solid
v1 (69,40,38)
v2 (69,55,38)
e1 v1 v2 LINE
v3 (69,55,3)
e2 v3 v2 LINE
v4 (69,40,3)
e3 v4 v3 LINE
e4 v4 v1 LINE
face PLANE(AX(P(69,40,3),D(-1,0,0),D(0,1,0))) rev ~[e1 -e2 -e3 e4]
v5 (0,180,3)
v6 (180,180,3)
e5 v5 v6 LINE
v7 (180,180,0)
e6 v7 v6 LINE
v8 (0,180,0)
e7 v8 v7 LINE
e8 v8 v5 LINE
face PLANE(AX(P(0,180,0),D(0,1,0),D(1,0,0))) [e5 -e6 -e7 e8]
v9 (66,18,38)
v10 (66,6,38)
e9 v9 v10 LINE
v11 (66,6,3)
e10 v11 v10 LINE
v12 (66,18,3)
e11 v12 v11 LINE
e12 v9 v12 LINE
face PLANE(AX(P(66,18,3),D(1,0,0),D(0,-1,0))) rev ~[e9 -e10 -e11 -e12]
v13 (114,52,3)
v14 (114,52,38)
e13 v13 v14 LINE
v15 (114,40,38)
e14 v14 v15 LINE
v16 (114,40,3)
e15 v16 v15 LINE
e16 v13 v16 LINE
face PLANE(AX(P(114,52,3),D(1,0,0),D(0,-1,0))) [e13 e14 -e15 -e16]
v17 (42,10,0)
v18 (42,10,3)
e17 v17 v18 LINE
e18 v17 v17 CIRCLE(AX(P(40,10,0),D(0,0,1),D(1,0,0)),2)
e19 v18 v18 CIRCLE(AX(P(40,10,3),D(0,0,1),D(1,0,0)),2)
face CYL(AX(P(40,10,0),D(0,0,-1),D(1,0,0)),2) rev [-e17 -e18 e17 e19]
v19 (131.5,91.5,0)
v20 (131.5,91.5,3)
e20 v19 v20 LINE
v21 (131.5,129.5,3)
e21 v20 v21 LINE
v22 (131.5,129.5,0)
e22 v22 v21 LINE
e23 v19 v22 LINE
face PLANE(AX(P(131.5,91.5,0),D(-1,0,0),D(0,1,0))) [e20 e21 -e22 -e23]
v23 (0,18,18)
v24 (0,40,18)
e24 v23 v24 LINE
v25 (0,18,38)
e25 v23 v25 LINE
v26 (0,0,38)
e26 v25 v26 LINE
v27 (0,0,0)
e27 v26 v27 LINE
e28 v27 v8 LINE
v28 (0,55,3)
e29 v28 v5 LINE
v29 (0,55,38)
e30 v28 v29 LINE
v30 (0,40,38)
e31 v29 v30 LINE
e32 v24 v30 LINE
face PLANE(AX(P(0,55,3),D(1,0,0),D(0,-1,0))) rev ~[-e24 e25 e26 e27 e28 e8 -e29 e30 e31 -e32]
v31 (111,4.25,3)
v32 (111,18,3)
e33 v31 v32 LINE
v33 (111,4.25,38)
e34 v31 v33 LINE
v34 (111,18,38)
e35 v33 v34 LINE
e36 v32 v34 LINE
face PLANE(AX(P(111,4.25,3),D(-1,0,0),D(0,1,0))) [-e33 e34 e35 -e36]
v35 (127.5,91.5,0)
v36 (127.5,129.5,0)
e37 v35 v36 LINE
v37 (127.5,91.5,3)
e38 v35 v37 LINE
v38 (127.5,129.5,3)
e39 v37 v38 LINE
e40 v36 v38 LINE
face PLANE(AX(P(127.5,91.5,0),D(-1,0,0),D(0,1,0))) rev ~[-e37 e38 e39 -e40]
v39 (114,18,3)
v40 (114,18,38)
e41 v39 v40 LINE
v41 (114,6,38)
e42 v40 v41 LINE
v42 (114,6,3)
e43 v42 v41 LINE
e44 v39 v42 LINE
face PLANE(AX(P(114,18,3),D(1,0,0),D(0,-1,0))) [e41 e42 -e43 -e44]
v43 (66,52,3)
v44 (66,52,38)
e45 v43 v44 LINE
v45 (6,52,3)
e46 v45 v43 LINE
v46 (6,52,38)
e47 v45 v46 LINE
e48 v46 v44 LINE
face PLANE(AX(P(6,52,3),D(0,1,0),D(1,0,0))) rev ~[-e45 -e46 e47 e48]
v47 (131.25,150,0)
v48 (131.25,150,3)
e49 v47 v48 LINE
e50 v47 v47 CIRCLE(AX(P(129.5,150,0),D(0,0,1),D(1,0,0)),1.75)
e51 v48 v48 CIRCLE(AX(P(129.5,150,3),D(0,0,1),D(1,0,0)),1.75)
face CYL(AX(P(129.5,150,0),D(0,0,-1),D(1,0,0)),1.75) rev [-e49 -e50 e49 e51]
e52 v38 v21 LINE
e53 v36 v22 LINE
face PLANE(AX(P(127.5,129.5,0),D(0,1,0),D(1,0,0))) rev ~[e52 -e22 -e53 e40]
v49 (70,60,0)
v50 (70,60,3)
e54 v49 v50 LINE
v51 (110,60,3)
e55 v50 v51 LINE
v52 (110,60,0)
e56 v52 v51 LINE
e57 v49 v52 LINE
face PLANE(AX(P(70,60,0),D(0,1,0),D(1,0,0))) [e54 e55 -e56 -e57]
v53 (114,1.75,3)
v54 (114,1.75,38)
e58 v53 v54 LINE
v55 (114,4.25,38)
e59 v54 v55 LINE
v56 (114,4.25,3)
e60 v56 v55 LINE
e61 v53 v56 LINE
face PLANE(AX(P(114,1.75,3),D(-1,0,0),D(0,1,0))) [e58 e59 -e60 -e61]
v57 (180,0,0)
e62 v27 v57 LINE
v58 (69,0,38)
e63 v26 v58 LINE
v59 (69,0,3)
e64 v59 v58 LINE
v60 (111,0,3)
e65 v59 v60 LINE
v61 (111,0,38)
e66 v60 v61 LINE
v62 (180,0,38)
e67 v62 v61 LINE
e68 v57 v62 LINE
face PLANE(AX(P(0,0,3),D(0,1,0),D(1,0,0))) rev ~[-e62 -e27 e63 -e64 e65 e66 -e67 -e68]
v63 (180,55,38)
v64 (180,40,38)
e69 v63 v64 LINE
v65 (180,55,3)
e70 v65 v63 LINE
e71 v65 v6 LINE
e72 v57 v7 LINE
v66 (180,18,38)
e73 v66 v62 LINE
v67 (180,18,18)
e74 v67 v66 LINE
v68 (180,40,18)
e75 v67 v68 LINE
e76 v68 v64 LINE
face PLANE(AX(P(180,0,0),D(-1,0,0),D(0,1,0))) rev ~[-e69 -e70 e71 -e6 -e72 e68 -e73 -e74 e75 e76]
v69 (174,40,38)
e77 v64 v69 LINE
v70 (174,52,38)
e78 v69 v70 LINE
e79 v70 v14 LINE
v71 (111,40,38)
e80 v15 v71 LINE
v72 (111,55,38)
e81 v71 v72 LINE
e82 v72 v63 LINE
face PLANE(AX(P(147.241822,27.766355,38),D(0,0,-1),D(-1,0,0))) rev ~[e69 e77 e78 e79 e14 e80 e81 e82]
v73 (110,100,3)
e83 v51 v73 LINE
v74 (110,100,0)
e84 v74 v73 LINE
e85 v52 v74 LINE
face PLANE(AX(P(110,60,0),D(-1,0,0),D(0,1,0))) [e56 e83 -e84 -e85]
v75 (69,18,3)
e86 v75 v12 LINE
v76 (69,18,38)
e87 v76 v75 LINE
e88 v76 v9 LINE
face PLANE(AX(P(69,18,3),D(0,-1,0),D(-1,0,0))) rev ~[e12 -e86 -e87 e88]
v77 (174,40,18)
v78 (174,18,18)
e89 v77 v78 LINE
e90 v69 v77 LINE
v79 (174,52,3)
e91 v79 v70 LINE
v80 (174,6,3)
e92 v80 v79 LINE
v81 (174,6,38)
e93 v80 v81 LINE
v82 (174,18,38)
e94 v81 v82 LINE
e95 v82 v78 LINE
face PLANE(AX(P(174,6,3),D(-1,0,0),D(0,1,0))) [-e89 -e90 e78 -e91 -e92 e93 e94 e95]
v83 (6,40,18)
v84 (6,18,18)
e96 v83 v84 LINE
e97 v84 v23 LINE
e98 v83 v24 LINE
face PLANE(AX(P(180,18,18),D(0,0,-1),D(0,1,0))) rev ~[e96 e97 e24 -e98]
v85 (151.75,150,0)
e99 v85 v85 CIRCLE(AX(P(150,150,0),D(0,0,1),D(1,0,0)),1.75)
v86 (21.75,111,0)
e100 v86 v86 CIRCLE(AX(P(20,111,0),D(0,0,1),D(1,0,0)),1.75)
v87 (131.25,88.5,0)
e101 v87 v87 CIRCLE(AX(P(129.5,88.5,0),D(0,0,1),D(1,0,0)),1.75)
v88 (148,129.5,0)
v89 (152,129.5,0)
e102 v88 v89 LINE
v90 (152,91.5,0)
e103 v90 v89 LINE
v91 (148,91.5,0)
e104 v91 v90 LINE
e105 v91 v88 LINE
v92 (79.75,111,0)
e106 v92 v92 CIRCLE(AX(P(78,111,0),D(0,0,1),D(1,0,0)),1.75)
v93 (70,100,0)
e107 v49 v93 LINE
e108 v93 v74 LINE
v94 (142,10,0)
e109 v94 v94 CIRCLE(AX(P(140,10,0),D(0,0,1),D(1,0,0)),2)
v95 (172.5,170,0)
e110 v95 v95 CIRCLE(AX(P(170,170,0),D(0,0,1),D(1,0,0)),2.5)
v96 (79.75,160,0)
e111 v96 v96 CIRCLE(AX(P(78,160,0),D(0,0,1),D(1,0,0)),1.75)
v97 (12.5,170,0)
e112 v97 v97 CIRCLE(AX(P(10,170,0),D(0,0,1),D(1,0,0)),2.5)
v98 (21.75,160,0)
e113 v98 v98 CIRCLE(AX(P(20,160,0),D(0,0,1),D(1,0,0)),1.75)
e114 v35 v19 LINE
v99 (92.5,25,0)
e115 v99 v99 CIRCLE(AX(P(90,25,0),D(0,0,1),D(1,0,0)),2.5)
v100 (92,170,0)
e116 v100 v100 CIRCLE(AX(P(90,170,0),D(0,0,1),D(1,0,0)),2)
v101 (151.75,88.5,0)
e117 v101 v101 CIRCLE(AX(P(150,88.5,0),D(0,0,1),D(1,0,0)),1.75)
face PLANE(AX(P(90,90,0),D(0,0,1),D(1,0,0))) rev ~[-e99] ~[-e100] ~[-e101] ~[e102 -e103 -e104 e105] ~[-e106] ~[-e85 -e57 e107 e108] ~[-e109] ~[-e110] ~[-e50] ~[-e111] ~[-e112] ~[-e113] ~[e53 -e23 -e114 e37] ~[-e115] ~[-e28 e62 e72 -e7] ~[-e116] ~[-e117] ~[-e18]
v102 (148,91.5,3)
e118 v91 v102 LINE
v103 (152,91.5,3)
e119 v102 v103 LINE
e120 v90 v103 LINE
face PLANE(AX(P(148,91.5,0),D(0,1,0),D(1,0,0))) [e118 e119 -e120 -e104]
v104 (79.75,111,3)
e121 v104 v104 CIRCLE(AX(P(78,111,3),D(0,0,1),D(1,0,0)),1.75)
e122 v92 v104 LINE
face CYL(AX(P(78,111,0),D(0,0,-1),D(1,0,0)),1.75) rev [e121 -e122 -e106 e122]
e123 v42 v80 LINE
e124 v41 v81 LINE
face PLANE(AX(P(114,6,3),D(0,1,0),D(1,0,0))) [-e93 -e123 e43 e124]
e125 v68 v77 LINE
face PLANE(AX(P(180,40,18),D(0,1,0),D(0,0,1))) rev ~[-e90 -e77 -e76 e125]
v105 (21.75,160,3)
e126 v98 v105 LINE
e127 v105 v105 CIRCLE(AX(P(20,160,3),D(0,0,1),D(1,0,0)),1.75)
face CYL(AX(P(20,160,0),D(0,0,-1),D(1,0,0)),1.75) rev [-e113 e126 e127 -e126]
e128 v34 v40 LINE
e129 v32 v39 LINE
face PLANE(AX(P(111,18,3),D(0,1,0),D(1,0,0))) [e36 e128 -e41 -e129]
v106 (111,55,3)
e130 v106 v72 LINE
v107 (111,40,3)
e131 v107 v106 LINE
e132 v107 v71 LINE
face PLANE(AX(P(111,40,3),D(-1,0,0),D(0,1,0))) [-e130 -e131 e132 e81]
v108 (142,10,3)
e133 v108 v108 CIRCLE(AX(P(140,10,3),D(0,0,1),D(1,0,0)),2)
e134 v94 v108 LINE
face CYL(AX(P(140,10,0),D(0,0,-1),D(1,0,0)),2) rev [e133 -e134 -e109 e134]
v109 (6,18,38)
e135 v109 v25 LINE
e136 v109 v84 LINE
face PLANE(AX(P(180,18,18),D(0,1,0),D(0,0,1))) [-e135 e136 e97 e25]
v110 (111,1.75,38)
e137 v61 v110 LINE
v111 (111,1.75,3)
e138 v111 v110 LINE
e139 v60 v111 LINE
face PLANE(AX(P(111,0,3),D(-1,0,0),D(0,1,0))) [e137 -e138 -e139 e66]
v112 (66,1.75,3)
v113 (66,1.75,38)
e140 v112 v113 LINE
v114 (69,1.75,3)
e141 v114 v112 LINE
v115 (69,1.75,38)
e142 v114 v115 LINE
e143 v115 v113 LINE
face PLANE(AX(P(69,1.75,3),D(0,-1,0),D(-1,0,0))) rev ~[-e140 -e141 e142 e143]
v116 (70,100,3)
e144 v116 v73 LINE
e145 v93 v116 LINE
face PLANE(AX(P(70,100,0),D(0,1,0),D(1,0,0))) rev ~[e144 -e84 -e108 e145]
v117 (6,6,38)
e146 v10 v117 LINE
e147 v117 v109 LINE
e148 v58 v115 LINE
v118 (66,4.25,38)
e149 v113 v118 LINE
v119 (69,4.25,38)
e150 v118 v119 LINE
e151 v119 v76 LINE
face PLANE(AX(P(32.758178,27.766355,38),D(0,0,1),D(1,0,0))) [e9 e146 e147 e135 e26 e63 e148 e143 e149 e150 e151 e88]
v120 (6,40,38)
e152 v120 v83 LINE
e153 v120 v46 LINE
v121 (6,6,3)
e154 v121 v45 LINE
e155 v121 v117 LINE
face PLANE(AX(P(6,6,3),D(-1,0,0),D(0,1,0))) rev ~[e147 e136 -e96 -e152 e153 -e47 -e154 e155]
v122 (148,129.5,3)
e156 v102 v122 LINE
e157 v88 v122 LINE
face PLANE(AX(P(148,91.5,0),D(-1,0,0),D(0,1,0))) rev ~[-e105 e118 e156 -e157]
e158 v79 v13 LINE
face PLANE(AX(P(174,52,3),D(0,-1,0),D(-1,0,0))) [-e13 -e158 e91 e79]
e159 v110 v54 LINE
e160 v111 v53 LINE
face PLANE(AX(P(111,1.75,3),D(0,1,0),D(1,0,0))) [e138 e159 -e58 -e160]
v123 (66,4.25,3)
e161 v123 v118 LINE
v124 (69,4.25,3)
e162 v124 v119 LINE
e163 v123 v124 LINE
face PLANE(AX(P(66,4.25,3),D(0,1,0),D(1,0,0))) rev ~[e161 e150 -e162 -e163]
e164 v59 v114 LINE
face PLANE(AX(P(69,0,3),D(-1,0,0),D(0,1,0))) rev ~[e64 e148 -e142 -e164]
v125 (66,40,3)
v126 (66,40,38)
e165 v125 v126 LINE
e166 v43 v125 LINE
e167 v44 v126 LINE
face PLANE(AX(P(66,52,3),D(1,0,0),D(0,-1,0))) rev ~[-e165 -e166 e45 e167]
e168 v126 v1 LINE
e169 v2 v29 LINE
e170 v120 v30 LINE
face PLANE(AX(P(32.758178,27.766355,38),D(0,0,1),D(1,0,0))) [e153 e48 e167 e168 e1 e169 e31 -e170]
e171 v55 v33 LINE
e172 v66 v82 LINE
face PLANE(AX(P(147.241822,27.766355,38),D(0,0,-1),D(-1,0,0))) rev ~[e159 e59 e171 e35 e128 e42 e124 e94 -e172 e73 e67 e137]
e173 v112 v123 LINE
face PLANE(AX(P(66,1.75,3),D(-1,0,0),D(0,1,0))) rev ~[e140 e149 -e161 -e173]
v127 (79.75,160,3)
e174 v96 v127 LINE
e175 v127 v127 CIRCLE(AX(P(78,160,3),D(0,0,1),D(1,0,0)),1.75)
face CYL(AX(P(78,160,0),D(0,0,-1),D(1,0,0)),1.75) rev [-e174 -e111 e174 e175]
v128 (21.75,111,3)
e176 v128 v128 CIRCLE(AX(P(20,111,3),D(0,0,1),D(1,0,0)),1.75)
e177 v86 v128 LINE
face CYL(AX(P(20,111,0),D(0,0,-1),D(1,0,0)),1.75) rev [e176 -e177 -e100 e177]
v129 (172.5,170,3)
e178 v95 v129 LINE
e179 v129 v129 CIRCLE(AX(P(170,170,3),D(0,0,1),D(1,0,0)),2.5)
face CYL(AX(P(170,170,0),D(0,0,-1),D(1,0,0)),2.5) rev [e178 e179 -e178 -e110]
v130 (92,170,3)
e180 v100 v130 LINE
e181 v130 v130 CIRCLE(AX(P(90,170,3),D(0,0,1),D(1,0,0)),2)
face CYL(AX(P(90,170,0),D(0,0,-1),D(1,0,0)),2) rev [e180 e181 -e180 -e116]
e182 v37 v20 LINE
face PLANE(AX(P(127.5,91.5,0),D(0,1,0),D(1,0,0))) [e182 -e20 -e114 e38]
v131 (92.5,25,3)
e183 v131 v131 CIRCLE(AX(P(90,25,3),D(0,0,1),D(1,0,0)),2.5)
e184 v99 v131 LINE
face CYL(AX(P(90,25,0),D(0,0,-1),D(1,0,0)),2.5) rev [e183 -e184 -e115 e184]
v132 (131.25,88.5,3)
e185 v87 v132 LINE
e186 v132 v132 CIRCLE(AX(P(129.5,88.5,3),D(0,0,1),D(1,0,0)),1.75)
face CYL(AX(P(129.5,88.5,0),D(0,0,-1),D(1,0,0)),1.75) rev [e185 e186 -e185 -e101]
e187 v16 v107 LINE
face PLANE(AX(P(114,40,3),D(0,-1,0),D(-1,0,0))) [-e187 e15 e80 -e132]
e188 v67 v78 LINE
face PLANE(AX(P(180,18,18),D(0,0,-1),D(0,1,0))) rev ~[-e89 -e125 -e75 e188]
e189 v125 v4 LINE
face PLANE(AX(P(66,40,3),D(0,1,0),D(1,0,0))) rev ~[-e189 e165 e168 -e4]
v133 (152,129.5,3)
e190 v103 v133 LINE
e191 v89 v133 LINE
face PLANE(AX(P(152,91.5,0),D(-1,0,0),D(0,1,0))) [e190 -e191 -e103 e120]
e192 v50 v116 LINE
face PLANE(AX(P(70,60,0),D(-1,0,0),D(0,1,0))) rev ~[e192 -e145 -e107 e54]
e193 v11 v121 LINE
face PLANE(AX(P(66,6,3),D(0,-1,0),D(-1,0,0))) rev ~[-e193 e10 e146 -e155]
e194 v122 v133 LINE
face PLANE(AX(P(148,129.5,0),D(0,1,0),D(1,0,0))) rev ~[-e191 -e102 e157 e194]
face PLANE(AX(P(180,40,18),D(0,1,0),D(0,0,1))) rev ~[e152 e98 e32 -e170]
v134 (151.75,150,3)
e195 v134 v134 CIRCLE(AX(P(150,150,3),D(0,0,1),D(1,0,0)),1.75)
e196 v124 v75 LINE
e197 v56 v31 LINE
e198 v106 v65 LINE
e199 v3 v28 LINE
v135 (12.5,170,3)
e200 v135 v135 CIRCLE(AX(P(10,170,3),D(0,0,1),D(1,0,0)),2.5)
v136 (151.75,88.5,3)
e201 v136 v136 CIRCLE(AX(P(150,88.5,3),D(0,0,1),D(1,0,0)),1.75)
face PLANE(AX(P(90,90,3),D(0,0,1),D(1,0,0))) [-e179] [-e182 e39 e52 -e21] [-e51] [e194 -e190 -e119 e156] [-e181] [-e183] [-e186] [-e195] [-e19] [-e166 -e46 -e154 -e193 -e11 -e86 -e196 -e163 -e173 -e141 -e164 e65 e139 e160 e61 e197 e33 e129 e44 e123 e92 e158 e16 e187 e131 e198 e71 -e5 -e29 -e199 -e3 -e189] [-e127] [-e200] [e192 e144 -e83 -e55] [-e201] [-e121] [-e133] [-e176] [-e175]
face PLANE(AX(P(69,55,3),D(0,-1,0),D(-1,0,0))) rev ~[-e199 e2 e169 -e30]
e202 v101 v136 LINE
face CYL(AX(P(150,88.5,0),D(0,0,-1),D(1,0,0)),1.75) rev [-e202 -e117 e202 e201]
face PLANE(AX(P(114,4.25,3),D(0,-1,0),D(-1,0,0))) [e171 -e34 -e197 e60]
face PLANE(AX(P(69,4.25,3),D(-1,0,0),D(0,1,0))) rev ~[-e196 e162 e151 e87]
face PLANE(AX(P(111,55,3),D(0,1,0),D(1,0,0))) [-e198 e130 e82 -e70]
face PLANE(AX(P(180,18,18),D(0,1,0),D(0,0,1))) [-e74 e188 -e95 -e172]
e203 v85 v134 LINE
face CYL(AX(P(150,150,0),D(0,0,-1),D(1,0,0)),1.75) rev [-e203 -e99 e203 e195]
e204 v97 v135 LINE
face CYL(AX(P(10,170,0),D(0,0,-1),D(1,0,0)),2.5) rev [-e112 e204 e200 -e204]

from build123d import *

# Parameters (mm, degrees)
SKETCH_W     = 180
SKETCH_H     = 180
SKETCH_R     = 2
SKETCH_R_2   = 1.75
SKETCH_R_3   = 2.5
SKETCH_W_2   = 40
SKETCH_H_2   = 40
SKETCH_W_3   = 4
SKETCH_H_3   = 38
PAD_DEPTH    = 3
PAD001_DEPTH = 35
SKETCH002_W  = 22
SKETCH002_H  = 20
POCKET_DEPTH = 200


with BuildPart() as part:
    # Sketch → Pad (new body)
    with BuildSketch(Plane.XY):
        with Locations((90, 90)):
            Rectangle(SKETCH_W, SKETCH_H)
        with Locations((40, 10)):
            Circle(SKETCH_R, mode=Mode.SUBTRACT)
        with Locations((140, 10)):
            Circle(SKETCH_R, mode=Mode.SUBTRACT)
        with Locations((90, 170)):
            Circle(SKETCH_R, mode=Mode.SUBTRACT)
        with Locations((20, 160)):
            Circle(SKETCH_R_2, mode=Mode.SUBTRACT)
        with Locations((78, 160)):
            Circle(SKETCH_R_2, mode=Mode.SUBTRACT)
        with Locations((20, 111)):
            Circle(SKETCH_R_2, mode=Mode.SUBTRACT)
        with Locations((78, 111)):
            Circle(SKETCH_R_2, mode=Mode.SUBTRACT)
        with Locations((90, 25)):
            Circle(SKETCH_R_3, mode=Mode.SUBTRACT)
        with Locations((10, 170)):
            Circle(SKETCH_R_3, mode=Mode.SUBTRACT)
        with Locations((170, 170)):
            Circle(SKETCH_R_3, mode=Mode.SUBTRACT)
        with Locations((129.5, 150)):
            Circle(SKETCH_R_2, mode=Mode.SUBTRACT)
        with Locations((150, 150)):
            Circle(SKETCH_R_2, mode=Mode.SUBTRACT)
        with Locations((129.5, 88.5)):
            Circle(SKETCH_R_2, mode=Mode.SUBTRACT)
        with Locations((150, 88.5)):
            Circle(SKETCH_R_2, mode=Mode.SUBTRACT)
        with Locations((90, 80)):
            Rectangle(SKETCH_W_2, SKETCH_H_2, mode=Mode.SUBTRACT)
        with Locations((129.5, 110.5)):
            Rectangle(SKETCH_W_3, SKETCH_H_3, mode=Mode.SUBTRACT)
        with Locations((150, 110.5)):
            Rectangle(SKETCH_W_3, SKETCH_H_3, mode=Mode.SUBTRACT)
    extrude(amount=PAD_DEPTH)

    # Sketch001 → Pad001 (join)
    with BuildSketch(Plane.XY.offset(3)):
        Polygon((0, 0), (69, 0), (69, 1.75), (66, 1.75), (66, 4.25), (69, 4.25), (69, 18), (66, 18), (66, 6), (6, 6), (6, 52), (66, 52), (66, 40), (69, 40), (69, 55), (0, 55), align=None)
        Polygon((180, 0), (111, 0), (111, 1.75), (114, 1.75), (114, 4.25), (111, 4.25), (111, 18), (114, 18), (114, 6), (174, 6), (174, 52), (114, 52), (114, 40), (111, 40), (111, 55), (180, 55), align=None)
    extrude(amount=PAD001_DEPTH)

    # Sketch002 (on Face10 of Pad001) → Pocket (cut)
    with BuildSketch(Plane.YZ.offset(180)):
        with Locations((29, 28)):
            Rectangle(SKETCH002_W, SKETCH002_H)
    extrude(amount=-POCKET_DEPTH, mode=Mode.SUBTRACT)


solid = part.part
